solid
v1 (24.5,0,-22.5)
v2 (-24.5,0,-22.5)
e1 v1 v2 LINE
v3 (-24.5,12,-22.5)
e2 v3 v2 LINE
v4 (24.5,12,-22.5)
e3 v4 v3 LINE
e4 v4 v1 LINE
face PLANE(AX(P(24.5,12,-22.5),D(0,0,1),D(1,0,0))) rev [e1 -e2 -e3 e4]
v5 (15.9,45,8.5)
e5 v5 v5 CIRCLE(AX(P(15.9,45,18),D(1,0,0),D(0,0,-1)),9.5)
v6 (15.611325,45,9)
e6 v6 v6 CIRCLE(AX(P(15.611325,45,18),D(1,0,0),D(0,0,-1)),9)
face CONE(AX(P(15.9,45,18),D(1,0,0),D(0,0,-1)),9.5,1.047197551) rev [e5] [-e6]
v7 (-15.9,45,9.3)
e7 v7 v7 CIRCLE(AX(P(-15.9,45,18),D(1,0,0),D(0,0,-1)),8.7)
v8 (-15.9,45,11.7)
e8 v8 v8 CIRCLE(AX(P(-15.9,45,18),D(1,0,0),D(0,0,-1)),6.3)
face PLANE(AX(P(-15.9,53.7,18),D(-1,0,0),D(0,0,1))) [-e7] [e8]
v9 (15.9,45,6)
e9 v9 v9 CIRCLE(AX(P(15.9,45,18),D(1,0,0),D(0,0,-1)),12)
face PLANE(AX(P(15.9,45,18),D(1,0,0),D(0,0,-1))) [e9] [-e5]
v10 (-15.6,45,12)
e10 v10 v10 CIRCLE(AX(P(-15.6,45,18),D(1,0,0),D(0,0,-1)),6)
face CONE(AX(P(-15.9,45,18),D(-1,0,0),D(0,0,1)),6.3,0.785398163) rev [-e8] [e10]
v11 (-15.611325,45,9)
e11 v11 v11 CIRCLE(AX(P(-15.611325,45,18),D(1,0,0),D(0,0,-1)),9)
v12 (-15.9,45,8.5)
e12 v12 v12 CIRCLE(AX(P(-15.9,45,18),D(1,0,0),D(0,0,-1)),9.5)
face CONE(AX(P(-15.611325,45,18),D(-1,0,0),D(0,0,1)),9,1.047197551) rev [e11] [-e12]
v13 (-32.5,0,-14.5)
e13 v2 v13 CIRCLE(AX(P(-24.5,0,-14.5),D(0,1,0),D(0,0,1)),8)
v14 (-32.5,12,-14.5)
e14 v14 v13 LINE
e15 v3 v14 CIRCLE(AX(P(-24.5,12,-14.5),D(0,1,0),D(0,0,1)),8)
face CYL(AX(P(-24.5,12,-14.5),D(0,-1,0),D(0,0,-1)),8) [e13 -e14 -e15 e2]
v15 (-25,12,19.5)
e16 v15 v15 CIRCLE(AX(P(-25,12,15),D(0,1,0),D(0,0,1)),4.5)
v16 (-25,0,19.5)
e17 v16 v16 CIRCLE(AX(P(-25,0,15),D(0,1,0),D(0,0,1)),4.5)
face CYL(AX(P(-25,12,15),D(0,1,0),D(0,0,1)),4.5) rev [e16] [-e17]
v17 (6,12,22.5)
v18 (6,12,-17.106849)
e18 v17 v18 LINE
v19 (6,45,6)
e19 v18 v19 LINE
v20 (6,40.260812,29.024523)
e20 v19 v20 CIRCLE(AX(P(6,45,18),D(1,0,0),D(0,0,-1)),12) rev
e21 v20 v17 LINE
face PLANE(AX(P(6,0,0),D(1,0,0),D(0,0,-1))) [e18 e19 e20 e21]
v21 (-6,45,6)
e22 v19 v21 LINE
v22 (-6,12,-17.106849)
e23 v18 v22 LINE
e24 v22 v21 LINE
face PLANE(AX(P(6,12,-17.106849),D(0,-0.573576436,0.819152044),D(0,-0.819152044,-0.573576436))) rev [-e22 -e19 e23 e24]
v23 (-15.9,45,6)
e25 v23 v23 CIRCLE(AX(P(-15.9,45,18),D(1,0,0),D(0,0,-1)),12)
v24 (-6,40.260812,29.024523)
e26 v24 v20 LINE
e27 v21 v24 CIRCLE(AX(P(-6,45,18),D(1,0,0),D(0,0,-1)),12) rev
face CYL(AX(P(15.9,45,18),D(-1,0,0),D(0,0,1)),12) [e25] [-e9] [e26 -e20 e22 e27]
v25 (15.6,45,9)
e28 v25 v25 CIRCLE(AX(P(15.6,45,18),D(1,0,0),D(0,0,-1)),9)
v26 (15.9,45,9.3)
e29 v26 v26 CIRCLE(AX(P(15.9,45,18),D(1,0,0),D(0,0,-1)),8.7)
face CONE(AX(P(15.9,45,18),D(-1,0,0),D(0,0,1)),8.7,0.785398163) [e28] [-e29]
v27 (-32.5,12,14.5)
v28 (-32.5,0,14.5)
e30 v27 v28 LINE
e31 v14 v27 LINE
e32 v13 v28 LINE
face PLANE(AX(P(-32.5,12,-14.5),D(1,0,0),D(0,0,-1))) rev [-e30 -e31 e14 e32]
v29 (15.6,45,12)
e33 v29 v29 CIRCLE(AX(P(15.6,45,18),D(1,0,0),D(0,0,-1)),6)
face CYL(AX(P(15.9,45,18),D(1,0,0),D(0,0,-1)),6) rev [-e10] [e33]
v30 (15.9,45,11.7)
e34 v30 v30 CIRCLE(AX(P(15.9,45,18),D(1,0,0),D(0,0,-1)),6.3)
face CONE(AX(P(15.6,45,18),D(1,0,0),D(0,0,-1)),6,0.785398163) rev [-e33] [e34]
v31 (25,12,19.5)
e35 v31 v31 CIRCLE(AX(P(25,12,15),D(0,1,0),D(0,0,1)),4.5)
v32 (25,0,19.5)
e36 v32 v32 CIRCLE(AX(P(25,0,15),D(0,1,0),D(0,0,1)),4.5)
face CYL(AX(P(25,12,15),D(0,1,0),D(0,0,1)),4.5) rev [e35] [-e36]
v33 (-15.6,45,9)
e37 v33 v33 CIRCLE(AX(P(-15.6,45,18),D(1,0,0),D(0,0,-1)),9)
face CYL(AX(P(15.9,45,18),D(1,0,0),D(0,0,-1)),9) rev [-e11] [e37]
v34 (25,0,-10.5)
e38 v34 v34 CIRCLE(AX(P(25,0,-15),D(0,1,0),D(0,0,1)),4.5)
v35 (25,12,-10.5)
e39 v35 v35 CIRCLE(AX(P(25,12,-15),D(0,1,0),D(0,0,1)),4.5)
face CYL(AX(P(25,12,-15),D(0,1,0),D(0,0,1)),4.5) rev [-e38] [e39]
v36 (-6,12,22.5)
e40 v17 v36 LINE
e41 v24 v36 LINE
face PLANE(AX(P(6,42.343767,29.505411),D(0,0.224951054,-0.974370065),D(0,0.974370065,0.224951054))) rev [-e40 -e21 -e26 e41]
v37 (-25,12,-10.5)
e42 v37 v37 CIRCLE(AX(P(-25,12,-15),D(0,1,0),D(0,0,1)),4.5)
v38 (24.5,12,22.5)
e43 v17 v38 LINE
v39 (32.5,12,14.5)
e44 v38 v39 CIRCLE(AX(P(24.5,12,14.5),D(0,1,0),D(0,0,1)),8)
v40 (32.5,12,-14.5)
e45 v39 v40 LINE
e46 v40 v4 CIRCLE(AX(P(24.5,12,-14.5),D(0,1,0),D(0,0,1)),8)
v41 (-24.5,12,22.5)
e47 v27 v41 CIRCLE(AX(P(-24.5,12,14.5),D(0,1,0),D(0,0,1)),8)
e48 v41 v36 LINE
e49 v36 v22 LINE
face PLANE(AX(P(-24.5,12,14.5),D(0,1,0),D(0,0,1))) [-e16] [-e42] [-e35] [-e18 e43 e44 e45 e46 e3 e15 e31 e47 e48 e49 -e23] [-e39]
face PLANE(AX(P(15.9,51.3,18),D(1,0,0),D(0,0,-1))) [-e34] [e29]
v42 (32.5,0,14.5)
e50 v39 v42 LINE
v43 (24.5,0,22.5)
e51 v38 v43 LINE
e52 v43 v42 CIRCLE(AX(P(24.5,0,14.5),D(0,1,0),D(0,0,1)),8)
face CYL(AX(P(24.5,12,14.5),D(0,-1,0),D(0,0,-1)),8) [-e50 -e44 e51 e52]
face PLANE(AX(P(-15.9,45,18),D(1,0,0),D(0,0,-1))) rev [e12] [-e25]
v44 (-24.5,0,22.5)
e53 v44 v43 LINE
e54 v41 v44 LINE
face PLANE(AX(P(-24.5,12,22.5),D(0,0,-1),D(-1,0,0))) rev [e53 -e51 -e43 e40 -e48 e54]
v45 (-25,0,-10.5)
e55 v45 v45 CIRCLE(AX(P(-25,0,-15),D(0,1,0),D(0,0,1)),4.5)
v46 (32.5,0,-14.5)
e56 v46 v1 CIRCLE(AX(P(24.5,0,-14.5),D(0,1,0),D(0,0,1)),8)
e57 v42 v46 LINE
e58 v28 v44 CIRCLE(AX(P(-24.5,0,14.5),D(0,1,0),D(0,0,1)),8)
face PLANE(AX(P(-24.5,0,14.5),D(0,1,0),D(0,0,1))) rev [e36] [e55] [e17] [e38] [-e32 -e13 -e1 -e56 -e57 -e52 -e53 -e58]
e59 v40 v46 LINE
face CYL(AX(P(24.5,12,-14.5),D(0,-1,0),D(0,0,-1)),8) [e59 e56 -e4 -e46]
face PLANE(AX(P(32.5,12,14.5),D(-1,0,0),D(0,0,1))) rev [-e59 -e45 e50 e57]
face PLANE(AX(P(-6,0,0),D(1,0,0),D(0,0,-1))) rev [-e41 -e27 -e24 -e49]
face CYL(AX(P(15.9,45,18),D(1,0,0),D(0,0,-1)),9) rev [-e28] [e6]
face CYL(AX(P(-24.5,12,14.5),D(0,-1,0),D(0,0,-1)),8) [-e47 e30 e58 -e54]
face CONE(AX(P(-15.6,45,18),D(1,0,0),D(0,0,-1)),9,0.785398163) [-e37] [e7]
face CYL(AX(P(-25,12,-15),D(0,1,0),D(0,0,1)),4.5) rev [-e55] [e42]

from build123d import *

# Parameters (mm, degrees)
BOSS_EXTRUDE1_DEPTH      = 12
BOSS_EXTRUDE2_DEPTH      = 6
BOSS_EXTRUDE2_DEPTH_BACK = 6
SKETCH3_R                = 12
BOSS_EXTRUDE3_DEPTH      = 15.9
BOSS_EXTRUDE3_DEPTH_BACK = 15.9
SKETCH4_W                = 4.5
SKETCH4_H                = 12
SKETCH5_W                = 4.5
SKETCH5_H                = 12
SKETCH6_W                = 4.5
SKETCH6_H                = 12
SKETCH7_W                = 4.5
SKETCH7_H                = 12


with BuildPart() as part:
    # Sketch1 → Boss-Extrude1 (new body)
    with BuildSketch(Plane(origin=(0, 0, 0), x_dir=(1, 0, 0), z_dir=(0, 1, 0))):
        with BuildLine():
            Line((-24.5, -22.5), (24.5, -22.5))
            ThreePointArc((24.5, -22.5), (30.156854249, -20.156854249), (32.5, -14.5))
            Line((32.5, -14.5), (32.5, 14.5))
            ThreePointArc((32.5, 14.5), (30.156854249, 20.156854249), (24.5, 22.5))
            Line((24.5, 22.5), (-24.5, 22.5))
            ThreePointArc((-24.5, 22.5), (-30.156854249, 20.156854249), (-32.5, 14.5))
            Line((-32.5, 14.5), (-32.5, -14.5))
            ThreePointArc((-32.5, -14.5), (-30.156854249, -20.156854249), (-24.5, -22.5))
        make_face()
    extrude(amount=BOSS_EXTRUDE1_DEPTH)

    # Sketch2 → Boss-Extrude2 (add, two sides)
    with BuildSketch(Plane(origin=(0, 0, 0), x_dir=(0, 0, -1), z_dir=(1, 0, 0))) as boss_extrude2_sk:
        Polygon((-29.505410526, 42.343766684), (-22.5, 12), (17.106848761, 12), (-7.669916362, 47.384887724), align=None)
    extrude(amount=BOSS_EXTRUDE2_DEPTH)
    extrude(boss_extrude2_sk.sketch, amount=-BOSS_EXTRUDE2_DEPTH_BACK)

    # Sketch3 → Boss-Extrude3 (add, two sides)
    with BuildSketch(Plane(origin=(0, 0, 0), x_dir=(0, 0, -1), z_dir=(1, 0, 0))) as boss_extrude3_sk:
        with Locations((-18, 45)):
            Circle(SKETCH3_R)
    extrude(amount=BOSS_EXTRUDE3_DEPTH)
    extrude(boss_extrude3_sk.sketch, amount=-BOSS_EXTRUDE3_DEPTH_BACK)

    # Sketch4 → Cut-Revolve1 (revolve, cut)
    with BuildSketch(Plane.XY.offset(15)):
        with Locations((-27.25, 6)):
            Rectangle(SKETCH4_W, SKETCH4_H)
    revolve(axis=Axis((-25, 12, 15), (0, -1, 0)), mode=Mode.SUBTRACT)

    # Sketch5 → Cut-Revolve2 (revolve, cut)
    with BuildSketch(Plane.XY.offset(15)):
        with Locations((22.75, 6)):
            Rectangle(SKETCH5_W, SKETCH5_H)
    revolve(axis=Axis((25, 12, 15), (0, -1, 0)), mode=Mode.SUBTRACT)

    # Sketch6 → Cut-Revolve3 (revolve, cut)
    with BuildSketch(Plane.XY.offset(-15)):
        with Locations((-27.25, 6)):
            Rectangle(SKETCH6_W, SKETCH6_H)
    revolve(axis=Axis((-25, 12, -15), (0, -1, 0)), mode=Mode.SUBTRACT)

    # Sketch7 → Cut-Revolve4 (revolve, cut)
    with BuildSketch(Plane.XY.offset(-15)):
        with Locations((22.75, 6)):
            Rectangle(SKETCH7_W, SKETCH7_H)
    revolve(axis=Axis((25, 12, -15), (0, -1, 0)), mode=Mode.SUBTRACT)

    # Sketch8 → Cut-Revolve5 (revolve, cut)
    with BuildSketch(Plane.XY.offset(18)):
        Polygon((-15.9, 45), (-15.9, 54.5), (-15.611324865, 54), (15.611324865, 54), (15.9, 54.5), (15.9, 45), align=None)
    revolve(axis=Axis((15.9, 45, 18), (-1, 0, 0)), mode=Mode.SUBTRACT)

    # Sketch9 → Revolve1 (revolve)
    with BuildSketch(Plane.XY.offset(18)):
        Polygon((-15.9, 51.3), (-15.6, 51), (15.6, 51), (15.9, 51.3), (15.9, 53.7), (15.6, 54), (-15.6, 54), (-15.9, 53.7), align=None)
    revolve(axis=Axis((15.9, 45, 18), (-1, 0, 0)))


solid = part.part
